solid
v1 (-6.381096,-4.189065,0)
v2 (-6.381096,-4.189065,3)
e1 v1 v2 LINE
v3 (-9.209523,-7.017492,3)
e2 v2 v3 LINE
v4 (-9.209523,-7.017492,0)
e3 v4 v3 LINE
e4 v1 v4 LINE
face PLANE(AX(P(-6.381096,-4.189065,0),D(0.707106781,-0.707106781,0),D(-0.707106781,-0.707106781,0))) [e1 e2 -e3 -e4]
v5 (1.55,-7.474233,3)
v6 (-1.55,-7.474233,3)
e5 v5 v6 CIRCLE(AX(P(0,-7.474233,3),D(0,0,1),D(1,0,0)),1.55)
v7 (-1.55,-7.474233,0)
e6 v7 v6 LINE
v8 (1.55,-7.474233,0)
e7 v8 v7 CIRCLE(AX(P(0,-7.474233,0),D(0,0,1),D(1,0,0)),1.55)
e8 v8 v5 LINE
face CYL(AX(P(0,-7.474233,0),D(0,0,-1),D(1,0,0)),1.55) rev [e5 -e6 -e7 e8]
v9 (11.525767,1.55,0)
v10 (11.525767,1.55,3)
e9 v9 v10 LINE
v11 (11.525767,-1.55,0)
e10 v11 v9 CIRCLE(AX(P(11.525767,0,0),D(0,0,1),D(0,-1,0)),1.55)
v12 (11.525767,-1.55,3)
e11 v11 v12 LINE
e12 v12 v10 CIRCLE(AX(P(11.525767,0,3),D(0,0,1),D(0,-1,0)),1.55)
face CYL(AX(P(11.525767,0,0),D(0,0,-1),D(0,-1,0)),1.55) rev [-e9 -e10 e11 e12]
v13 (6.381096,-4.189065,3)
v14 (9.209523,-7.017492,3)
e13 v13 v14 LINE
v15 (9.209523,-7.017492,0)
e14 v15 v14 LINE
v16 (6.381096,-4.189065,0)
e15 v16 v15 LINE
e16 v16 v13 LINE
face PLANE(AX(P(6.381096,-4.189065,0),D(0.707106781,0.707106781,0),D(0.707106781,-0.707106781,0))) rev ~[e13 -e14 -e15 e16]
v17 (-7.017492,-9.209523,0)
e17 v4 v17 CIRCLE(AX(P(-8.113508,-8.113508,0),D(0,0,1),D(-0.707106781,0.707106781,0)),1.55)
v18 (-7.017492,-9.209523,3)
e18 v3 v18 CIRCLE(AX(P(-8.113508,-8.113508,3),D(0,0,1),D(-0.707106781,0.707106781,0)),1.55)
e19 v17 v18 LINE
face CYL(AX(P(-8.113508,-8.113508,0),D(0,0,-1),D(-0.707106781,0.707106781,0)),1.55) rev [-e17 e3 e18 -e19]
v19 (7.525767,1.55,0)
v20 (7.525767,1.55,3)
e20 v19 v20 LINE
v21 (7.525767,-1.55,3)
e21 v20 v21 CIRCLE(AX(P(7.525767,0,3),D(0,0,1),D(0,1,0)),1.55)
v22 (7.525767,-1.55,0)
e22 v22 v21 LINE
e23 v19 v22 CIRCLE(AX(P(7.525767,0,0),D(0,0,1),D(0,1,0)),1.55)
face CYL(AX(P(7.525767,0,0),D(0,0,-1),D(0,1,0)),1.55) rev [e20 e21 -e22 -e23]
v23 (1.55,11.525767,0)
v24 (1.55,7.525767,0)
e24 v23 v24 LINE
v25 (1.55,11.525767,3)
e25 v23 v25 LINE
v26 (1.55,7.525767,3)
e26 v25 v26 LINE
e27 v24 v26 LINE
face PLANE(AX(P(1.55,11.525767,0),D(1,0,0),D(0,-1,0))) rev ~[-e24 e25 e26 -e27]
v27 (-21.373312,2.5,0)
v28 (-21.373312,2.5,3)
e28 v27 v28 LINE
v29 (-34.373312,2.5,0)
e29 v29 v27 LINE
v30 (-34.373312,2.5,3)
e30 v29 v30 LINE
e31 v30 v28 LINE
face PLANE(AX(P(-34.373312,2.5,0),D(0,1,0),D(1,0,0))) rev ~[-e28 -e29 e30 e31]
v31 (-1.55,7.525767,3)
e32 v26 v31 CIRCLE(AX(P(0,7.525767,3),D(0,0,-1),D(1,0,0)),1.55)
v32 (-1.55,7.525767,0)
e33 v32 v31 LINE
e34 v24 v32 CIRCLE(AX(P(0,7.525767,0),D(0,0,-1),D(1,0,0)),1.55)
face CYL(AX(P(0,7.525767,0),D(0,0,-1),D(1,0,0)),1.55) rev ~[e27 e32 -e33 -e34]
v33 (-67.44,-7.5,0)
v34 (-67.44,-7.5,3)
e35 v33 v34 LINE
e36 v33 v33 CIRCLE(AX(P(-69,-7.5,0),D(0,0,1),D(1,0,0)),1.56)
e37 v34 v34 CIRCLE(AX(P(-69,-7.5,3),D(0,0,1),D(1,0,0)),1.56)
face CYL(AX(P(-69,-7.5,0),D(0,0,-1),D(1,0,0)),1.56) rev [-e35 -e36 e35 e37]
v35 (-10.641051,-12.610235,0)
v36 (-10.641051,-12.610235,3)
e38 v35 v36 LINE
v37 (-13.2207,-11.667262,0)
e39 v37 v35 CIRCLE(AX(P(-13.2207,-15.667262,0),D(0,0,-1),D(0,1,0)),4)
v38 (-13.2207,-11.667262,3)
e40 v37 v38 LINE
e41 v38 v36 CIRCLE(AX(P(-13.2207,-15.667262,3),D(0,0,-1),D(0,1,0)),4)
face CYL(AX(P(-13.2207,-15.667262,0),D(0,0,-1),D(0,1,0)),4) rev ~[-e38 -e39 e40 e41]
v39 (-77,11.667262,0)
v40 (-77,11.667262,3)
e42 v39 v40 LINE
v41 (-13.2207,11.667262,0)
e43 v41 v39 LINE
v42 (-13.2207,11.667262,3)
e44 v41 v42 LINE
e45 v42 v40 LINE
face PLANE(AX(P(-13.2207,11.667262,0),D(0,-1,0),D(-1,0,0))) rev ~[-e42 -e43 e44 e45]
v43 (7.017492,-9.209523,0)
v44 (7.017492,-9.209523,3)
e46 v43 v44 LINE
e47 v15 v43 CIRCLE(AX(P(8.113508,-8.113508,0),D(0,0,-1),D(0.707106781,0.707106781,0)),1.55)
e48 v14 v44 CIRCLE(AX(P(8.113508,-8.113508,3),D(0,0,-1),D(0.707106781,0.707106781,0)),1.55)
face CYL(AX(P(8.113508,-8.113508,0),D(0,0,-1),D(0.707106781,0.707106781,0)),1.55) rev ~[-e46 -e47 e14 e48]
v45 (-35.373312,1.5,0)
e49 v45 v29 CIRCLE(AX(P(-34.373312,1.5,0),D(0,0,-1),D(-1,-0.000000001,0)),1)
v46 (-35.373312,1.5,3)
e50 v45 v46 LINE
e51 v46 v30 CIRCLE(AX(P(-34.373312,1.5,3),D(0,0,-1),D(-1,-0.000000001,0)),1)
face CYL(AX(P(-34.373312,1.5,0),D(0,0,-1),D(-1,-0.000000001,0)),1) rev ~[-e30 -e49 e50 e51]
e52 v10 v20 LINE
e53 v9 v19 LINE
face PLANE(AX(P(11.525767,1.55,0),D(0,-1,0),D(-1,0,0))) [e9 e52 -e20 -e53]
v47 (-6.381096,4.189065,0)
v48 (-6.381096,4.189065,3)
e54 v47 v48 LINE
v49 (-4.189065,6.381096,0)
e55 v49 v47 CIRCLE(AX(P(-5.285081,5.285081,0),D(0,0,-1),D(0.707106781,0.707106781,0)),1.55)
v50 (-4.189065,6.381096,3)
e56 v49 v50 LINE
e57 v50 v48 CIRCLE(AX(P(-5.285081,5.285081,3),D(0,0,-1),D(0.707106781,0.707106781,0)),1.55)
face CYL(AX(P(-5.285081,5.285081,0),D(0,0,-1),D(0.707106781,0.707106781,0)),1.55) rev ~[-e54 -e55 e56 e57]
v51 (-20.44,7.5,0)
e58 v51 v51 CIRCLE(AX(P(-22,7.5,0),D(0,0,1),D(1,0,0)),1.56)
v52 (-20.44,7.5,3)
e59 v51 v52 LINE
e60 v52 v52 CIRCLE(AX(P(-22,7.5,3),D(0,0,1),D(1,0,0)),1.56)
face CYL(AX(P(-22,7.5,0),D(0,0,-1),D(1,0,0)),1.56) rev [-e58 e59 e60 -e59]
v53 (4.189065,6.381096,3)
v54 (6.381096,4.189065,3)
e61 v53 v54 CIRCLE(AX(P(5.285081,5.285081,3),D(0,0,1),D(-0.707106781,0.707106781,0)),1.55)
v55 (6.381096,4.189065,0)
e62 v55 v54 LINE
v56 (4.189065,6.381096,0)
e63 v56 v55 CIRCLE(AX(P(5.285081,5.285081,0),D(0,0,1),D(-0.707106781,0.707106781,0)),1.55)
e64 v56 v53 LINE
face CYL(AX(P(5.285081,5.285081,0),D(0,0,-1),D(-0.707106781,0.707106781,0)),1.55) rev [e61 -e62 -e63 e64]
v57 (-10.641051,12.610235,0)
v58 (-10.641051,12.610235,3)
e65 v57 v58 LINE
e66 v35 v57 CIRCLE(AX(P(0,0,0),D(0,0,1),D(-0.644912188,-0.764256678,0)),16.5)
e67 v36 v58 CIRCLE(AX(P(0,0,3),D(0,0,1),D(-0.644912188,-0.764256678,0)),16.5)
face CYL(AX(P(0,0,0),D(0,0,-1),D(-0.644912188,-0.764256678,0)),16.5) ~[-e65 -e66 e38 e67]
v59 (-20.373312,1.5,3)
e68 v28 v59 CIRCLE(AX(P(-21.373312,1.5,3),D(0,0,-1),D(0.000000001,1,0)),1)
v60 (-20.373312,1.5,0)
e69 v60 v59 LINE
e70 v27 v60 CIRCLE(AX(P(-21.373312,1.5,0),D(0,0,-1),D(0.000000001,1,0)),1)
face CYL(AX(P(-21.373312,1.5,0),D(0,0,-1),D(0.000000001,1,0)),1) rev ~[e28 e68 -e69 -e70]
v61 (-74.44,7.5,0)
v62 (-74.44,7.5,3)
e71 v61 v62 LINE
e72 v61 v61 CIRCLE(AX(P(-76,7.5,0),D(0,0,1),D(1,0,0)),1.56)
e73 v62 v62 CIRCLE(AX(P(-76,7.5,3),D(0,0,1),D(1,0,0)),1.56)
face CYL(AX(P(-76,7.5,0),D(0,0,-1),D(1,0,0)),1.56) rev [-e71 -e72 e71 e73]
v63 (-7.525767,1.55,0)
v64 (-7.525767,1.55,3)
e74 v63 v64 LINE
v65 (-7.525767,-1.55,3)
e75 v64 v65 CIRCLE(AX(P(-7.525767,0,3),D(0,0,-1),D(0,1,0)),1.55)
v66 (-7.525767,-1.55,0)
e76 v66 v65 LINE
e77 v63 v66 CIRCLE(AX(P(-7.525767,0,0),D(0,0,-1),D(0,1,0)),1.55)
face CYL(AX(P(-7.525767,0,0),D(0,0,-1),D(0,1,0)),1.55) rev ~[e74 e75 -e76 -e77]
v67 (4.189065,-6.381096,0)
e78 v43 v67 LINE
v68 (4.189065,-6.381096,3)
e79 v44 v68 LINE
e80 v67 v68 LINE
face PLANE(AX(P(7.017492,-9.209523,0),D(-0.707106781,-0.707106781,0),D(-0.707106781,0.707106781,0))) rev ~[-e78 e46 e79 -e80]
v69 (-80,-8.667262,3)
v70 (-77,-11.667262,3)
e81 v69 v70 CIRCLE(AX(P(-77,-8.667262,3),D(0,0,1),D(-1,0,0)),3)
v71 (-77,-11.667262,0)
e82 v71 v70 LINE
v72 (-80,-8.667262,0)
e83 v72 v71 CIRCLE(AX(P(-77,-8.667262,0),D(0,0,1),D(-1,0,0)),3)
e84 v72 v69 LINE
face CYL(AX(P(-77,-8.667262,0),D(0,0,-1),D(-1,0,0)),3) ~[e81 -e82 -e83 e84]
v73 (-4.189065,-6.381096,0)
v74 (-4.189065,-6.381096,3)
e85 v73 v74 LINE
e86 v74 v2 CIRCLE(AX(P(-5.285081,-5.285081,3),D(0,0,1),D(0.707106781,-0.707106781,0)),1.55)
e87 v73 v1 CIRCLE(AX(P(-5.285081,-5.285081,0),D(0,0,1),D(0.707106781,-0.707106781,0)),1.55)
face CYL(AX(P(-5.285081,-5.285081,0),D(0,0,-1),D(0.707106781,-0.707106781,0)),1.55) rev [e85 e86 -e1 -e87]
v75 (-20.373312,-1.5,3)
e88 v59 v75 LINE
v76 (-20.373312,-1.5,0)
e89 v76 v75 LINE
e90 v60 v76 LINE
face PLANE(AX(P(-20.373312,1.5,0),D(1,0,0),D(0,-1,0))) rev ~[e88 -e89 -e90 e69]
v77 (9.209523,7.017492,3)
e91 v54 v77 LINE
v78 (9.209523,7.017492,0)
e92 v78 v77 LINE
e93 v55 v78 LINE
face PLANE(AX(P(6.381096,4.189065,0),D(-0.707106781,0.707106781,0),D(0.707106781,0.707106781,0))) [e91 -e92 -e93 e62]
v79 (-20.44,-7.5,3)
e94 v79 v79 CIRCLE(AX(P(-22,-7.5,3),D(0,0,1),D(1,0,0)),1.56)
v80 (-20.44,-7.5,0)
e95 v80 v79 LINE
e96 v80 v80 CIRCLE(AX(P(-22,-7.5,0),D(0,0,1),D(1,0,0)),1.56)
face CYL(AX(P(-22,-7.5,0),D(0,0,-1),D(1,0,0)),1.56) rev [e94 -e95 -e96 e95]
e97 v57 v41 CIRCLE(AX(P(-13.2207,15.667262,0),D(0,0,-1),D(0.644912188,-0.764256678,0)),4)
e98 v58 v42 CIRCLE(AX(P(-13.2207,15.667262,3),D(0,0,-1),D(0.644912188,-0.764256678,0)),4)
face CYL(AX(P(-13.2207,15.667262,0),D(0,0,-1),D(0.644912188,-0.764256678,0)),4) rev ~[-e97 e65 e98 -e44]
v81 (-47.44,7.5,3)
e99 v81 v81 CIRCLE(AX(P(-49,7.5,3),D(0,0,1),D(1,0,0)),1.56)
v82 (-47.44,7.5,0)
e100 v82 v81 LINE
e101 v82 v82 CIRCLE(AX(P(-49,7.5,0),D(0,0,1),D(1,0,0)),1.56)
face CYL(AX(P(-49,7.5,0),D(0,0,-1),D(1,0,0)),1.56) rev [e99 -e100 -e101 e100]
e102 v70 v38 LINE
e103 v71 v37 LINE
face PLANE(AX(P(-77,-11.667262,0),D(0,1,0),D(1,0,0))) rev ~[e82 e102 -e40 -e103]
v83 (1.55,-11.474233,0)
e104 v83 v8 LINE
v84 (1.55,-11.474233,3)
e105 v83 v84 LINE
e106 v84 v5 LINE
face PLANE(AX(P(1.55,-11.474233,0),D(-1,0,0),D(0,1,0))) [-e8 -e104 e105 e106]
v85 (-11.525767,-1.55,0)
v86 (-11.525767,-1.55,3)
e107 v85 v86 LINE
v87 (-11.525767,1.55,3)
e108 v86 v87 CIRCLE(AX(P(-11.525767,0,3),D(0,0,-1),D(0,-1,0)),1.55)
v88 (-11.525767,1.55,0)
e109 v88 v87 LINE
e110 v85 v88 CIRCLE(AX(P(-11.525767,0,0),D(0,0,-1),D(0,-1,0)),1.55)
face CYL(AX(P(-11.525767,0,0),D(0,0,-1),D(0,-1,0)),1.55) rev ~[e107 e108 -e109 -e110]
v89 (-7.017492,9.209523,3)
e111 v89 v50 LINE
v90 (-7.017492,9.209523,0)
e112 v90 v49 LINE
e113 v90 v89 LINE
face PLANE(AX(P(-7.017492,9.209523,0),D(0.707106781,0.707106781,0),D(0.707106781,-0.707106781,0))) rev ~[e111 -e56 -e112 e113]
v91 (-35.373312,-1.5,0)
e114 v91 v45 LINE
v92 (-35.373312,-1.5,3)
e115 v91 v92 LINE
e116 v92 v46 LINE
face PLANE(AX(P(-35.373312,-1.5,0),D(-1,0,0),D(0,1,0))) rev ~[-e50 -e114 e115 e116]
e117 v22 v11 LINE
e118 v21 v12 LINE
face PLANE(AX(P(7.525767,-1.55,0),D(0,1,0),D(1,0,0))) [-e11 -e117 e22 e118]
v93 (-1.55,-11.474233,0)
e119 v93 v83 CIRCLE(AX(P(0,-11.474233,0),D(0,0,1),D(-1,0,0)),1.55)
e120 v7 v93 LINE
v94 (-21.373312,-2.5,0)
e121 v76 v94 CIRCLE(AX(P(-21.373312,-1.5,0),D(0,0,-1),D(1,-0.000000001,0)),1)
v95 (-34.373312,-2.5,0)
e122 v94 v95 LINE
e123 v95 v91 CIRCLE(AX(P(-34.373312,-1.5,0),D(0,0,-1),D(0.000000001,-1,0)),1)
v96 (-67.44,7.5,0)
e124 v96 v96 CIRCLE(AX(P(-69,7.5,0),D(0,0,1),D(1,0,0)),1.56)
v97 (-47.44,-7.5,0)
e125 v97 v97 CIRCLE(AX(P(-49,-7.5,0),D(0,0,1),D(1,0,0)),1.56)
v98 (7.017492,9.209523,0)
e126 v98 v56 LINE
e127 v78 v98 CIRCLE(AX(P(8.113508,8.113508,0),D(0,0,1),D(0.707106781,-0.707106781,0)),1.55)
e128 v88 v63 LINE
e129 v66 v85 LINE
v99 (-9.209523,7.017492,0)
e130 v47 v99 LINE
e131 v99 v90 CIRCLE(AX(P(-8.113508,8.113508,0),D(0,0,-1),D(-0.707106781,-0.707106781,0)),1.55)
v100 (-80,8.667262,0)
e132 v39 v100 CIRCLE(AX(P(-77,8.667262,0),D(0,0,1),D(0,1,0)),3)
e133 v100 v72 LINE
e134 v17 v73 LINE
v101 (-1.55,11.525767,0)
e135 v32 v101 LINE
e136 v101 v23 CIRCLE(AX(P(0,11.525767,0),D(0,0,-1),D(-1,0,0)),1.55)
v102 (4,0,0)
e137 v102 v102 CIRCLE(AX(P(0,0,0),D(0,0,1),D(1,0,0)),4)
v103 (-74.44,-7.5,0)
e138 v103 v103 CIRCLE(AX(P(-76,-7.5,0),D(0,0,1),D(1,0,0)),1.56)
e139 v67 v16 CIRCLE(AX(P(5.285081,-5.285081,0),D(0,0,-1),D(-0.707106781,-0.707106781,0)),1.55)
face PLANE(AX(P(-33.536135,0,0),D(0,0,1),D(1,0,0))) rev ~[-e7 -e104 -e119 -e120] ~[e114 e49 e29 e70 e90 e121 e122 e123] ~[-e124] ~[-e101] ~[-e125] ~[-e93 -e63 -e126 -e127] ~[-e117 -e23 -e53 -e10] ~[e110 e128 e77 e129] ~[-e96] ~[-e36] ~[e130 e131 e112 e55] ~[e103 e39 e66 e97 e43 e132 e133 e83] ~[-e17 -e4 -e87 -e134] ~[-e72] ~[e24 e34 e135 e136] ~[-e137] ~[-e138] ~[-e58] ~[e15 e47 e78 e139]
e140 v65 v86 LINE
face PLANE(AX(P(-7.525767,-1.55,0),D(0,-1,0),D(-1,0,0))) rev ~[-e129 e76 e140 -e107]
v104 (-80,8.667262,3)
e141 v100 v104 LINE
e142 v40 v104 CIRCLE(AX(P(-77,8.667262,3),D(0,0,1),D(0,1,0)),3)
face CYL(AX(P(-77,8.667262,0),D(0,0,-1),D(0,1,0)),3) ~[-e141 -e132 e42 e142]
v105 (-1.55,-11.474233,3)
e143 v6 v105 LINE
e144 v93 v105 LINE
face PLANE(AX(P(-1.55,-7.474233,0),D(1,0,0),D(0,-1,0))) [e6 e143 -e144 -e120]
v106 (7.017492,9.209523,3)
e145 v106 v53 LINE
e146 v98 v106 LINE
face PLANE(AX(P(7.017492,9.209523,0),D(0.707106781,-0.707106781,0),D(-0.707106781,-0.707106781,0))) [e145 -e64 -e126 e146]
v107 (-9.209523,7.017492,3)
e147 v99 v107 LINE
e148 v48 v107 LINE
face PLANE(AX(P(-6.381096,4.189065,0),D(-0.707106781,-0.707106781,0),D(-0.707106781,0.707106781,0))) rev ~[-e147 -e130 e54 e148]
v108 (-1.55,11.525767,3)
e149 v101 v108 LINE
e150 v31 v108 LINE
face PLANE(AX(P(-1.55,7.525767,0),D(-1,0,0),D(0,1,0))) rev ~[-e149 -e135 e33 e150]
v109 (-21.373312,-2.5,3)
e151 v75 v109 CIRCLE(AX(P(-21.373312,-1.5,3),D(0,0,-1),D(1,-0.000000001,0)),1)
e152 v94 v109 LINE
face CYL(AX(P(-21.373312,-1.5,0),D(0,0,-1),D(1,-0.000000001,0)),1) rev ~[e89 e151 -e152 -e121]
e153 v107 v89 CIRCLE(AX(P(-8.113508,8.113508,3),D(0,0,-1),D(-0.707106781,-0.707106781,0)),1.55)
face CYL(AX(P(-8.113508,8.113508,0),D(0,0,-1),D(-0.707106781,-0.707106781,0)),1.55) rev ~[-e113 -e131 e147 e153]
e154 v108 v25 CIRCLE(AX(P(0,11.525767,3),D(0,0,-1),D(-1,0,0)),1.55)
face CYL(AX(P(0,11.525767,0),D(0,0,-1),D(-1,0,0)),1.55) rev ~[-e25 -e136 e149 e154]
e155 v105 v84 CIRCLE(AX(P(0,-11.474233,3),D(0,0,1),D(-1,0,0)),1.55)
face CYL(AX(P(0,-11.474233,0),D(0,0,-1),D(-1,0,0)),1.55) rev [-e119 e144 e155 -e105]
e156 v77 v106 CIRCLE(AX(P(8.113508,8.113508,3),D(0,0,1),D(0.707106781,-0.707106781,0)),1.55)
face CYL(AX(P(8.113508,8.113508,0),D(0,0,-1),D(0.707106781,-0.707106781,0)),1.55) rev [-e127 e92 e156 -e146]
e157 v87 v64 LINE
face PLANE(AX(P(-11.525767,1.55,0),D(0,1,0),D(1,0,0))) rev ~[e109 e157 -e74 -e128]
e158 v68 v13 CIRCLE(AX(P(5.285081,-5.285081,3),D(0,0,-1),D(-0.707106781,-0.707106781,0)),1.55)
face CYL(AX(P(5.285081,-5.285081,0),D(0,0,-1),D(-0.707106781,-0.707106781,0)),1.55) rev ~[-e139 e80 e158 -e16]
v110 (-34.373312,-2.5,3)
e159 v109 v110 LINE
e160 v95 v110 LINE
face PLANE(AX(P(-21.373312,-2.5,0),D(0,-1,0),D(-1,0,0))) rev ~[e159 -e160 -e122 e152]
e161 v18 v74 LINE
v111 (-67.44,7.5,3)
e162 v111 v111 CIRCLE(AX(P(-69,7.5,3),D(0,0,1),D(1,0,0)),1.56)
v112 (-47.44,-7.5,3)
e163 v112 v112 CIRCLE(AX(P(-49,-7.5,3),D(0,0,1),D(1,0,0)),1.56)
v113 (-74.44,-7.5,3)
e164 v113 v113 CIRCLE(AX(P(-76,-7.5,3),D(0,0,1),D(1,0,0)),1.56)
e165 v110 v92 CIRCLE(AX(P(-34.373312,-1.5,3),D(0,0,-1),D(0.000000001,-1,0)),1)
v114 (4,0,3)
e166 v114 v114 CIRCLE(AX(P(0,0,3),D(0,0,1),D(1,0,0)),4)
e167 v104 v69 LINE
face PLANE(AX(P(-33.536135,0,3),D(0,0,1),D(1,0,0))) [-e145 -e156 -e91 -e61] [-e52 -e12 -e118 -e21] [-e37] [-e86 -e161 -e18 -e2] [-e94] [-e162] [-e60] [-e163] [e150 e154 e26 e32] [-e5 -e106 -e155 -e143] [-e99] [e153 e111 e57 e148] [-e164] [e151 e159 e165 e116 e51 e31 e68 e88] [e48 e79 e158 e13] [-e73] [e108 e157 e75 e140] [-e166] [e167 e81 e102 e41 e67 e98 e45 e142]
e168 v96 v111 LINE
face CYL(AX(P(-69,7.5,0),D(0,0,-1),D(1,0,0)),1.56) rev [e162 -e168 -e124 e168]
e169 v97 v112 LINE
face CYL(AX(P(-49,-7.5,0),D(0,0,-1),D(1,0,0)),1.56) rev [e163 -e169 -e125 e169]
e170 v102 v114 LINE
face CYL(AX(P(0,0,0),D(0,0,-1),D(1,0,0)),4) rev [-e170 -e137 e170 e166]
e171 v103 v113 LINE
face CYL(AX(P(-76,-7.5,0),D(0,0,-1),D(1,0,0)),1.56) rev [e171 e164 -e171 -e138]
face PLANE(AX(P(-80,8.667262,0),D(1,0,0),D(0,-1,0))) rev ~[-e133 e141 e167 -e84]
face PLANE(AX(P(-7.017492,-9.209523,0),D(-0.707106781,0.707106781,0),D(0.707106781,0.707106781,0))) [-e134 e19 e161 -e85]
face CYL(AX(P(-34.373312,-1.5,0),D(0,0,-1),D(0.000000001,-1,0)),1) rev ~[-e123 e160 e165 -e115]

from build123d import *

# Parameters (mm, degrees)
SKETCH_1_R      = 4
SKETCH_1_R_2    = 1.56
EXTRUDE_3_DEPTH = 3


with BuildPart() as part:
    # 草图1 → 凸台-拉伸3 (new body)
    with BuildSketch(Plane.XY):
        with BuildLine():
            Line((-13.220699864, 11.66726189), (-77, 11.66726189))
            ThreePointArc((-77, 11.66726189), (-79.121320344, 10.788582233), (-80, 8.66726189))
            Line((-80, 8.66726189), (-80, -8.66726189))
            ThreePointArc((-80, -8.66726189), (-79.121320344, -10.788582233), (-77, -11.66726189))
            Line((-77, -11.66726189), (-13.220699864, -11.66726189))
            ThreePointArc((-13.220699864, -11.66726189), (-11.847402161, -11.910394389), (-10.64105111, -12.610235179))
            ThreePointArc((-10.64105111, -12.610235179), (16.5, 0), (-10.64105111, 12.610235179))
            ThreePointArc((-10.64105111, 12.610235179), (-11.847402161, 11.910394389), (-13.220699864, 11.66726189))
        make_face()
        Circle(SKETCH_1_R, mode=Mode.SUBTRACT)
        with Locations((-76, 7.5)):
            Circle(SKETCH_1_R_2, mode=Mode.SUBTRACT)
        with Locations((-76, -7.5)):
            Circle(SKETCH_1_R_2, mode=Mode.SUBTRACT)
        with Locations((-69, 7.5)):
            Circle(SKETCH_1_R_2, mode=Mode.SUBTRACT)
        with Locations((-69, -7.5)):
            Circle(SKETCH_1_R_2, mode=Mode.SUBTRACT)
        with Locations((-49, 7.5)):
            Circle(SKETCH_1_R_2, mode=Mode.SUBTRACT)
        with Locations((-49, -7.5)):
            Circle(SKETCH_1_R_2, mode=Mode.SUBTRACT)
        with Locations((-22, 7.5)):
            Circle(SKETCH_1_R_2, mode=Mode.SUBTRACT)
        with Locations((-22, -7.5)):
            Circle(SKETCH_1_R_2, mode=Mode.SUBTRACT)
        with BuildLine():
            Line((-11.525767243, 1.55), (-7.525767243, 1.55))
            ThreePointArc((-7.525767243, 1.55), (-5.975767243, 0), (-7.525767243, -1.55))
            Line((-7.525767243, -1.55), (-11.525767243, -1.55))
            ThreePointArc((-11.525767243, -1.55), (-13.075767243, 0), (-11.525767243, 1.55))
        make_face(mode=Mode.SUBTRACT)
        with BuildLine():
            Line((11.525767243, 1.55), (7.525767243, 1.55))
            ThreePointArc((7.525767243, 1.55), (5.975767243, 0), (7.525767243, -1.55))
            Line((7.525767243, -1.55), (11.525767243, -1.55))
            ThreePointArc((11.525767243, -1.55), (13.075767243, 0), (11.525767243, 1.55))
        make_face(mode=Mode.SUBTRACT)
        with BuildLine():
            Line((-7.017492281, 9.209523303), (-4.189065156, 6.381096178))
            ThreePointArc((-4.189065156, 6.381096178), (-4.189065156, 4.189065156), (-6.381096178, 4.189065156))
            Line((-6.381096178, 4.189065156), (-9.209523303, 7.017492281))
            ThreePointArc((-9.209523303, 7.017492281), (-9.209523303, 9.209523303), (-7.017492281, 9.209523303))
        make_face(mode=Mode.SUBTRACT)
        with BuildLine():
            Line((1.55, -11.474232757), (1.55, -7.474232757))
            ThreePointArc((1.55, -7.474232757), (0, -5.924232757), (-1.55, -7.474232757))
            Line((-1.55, -7.474232757), (-1.55, -11.474232757))
            ThreePointArc((-1.55, -11.474232757), (0, -13.024232757), (1.55, -11.474232757))
        make_face(mode=Mode.SUBTRACT)
        with BuildLine():
            Line((1.55, 11.525767243), (1.55, 7.525767243))
            ThreePointArc((1.55, 7.525767243), (0, 5.975767243), (-1.55, 7.525767243))
            Line((-1.55, 7.525767243), (-1.55, 11.525767243))
            ThreePointArc((-1.55, 11.525767243), (0, 13.075767243), (1.55, 11.525767243))
        make_face(mode=Mode.SUBTRACT)
        with BuildLine():
            Line((7.017492281, 9.209523303), (4.189065156, 6.381096178))
            ThreePointArc((4.189065156, 6.381096178), (4.189065156, 4.189065156), (6.381096178, 4.189065156))
            Line((6.381096178, 4.189065156), (9.209523303, 7.017492281))
            ThreePointArc((9.209523303, 7.017492281), (9.209523303, 9.209523303), (7.017492281, 9.209523303))
        make_face(mode=Mode.SUBTRACT)
        with BuildLine():
            Line((-7.017492281, -9.209523303), (-4.189065156, -6.381096178))
            ThreePointArc((-4.189065156, -6.381096178), (-4.189065156, -4.189065156), (-6.381096178, -4.189065156))
            Line((-6.381096178, -4.189065156), (-9.209523303, -7.017492281))
            ThreePointArc((-9.209523303, -7.017492281), (-9.209523303, -9.209523303), (-7.017492281, -9.209523303))
        make_face(mode=Mode.SUBTRACT)
        with BuildLine():
            Line((7.017492281, -9.209523303), (4.189065156, -6.381096178))
            ThreePointArc((4.189065156, -6.381096178), (4.189065156, -4.189065156), (6.381096178, -4.189065156))
            Line((6.381096178, -4.189065156), (9.209523303, -7.017492281))
            ThreePointArc((9.209523303, -7.017492281), (9.209523303, -9.209523303), (7.017492281, -9.209523303))
        make_face(mode=Mode.SUBTRACT)
        with BuildLine():
            Line((-34.37331228, 2.5), (-21.37331228, 2.5))
            ThreePointArc((-21.37331228, 2.5), (-20.666205499, 2.207106781), (-20.37331228, 1.5))
            Line((-20.37331228, 1.5), (-20.37331228, -1.5))
            ThreePointArc((-20.37331228, -1.5), (-20.666205499, -2.207106781), (-21.37331228, -2.5))
            Line((-21.37331228, -2.5), (-34.37331228, -2.5))
            ThreePointArc((-34.37331228, -2.5), (-35.080419062, -2.207106781), (-35.37331228, -1.5))
            Line((-35.37331228, -1.5), (-35.37331228, 1.5))
            ThreePointArc((-35.37331228, 1.5), (-35.080419062, 2.207106781), (-34.37331228, 2.5))
        make_face(mode=Mode.SUBTRACT)
    extrude(amount=EXTRUDE_3_DEPTH)


solid = part.part
